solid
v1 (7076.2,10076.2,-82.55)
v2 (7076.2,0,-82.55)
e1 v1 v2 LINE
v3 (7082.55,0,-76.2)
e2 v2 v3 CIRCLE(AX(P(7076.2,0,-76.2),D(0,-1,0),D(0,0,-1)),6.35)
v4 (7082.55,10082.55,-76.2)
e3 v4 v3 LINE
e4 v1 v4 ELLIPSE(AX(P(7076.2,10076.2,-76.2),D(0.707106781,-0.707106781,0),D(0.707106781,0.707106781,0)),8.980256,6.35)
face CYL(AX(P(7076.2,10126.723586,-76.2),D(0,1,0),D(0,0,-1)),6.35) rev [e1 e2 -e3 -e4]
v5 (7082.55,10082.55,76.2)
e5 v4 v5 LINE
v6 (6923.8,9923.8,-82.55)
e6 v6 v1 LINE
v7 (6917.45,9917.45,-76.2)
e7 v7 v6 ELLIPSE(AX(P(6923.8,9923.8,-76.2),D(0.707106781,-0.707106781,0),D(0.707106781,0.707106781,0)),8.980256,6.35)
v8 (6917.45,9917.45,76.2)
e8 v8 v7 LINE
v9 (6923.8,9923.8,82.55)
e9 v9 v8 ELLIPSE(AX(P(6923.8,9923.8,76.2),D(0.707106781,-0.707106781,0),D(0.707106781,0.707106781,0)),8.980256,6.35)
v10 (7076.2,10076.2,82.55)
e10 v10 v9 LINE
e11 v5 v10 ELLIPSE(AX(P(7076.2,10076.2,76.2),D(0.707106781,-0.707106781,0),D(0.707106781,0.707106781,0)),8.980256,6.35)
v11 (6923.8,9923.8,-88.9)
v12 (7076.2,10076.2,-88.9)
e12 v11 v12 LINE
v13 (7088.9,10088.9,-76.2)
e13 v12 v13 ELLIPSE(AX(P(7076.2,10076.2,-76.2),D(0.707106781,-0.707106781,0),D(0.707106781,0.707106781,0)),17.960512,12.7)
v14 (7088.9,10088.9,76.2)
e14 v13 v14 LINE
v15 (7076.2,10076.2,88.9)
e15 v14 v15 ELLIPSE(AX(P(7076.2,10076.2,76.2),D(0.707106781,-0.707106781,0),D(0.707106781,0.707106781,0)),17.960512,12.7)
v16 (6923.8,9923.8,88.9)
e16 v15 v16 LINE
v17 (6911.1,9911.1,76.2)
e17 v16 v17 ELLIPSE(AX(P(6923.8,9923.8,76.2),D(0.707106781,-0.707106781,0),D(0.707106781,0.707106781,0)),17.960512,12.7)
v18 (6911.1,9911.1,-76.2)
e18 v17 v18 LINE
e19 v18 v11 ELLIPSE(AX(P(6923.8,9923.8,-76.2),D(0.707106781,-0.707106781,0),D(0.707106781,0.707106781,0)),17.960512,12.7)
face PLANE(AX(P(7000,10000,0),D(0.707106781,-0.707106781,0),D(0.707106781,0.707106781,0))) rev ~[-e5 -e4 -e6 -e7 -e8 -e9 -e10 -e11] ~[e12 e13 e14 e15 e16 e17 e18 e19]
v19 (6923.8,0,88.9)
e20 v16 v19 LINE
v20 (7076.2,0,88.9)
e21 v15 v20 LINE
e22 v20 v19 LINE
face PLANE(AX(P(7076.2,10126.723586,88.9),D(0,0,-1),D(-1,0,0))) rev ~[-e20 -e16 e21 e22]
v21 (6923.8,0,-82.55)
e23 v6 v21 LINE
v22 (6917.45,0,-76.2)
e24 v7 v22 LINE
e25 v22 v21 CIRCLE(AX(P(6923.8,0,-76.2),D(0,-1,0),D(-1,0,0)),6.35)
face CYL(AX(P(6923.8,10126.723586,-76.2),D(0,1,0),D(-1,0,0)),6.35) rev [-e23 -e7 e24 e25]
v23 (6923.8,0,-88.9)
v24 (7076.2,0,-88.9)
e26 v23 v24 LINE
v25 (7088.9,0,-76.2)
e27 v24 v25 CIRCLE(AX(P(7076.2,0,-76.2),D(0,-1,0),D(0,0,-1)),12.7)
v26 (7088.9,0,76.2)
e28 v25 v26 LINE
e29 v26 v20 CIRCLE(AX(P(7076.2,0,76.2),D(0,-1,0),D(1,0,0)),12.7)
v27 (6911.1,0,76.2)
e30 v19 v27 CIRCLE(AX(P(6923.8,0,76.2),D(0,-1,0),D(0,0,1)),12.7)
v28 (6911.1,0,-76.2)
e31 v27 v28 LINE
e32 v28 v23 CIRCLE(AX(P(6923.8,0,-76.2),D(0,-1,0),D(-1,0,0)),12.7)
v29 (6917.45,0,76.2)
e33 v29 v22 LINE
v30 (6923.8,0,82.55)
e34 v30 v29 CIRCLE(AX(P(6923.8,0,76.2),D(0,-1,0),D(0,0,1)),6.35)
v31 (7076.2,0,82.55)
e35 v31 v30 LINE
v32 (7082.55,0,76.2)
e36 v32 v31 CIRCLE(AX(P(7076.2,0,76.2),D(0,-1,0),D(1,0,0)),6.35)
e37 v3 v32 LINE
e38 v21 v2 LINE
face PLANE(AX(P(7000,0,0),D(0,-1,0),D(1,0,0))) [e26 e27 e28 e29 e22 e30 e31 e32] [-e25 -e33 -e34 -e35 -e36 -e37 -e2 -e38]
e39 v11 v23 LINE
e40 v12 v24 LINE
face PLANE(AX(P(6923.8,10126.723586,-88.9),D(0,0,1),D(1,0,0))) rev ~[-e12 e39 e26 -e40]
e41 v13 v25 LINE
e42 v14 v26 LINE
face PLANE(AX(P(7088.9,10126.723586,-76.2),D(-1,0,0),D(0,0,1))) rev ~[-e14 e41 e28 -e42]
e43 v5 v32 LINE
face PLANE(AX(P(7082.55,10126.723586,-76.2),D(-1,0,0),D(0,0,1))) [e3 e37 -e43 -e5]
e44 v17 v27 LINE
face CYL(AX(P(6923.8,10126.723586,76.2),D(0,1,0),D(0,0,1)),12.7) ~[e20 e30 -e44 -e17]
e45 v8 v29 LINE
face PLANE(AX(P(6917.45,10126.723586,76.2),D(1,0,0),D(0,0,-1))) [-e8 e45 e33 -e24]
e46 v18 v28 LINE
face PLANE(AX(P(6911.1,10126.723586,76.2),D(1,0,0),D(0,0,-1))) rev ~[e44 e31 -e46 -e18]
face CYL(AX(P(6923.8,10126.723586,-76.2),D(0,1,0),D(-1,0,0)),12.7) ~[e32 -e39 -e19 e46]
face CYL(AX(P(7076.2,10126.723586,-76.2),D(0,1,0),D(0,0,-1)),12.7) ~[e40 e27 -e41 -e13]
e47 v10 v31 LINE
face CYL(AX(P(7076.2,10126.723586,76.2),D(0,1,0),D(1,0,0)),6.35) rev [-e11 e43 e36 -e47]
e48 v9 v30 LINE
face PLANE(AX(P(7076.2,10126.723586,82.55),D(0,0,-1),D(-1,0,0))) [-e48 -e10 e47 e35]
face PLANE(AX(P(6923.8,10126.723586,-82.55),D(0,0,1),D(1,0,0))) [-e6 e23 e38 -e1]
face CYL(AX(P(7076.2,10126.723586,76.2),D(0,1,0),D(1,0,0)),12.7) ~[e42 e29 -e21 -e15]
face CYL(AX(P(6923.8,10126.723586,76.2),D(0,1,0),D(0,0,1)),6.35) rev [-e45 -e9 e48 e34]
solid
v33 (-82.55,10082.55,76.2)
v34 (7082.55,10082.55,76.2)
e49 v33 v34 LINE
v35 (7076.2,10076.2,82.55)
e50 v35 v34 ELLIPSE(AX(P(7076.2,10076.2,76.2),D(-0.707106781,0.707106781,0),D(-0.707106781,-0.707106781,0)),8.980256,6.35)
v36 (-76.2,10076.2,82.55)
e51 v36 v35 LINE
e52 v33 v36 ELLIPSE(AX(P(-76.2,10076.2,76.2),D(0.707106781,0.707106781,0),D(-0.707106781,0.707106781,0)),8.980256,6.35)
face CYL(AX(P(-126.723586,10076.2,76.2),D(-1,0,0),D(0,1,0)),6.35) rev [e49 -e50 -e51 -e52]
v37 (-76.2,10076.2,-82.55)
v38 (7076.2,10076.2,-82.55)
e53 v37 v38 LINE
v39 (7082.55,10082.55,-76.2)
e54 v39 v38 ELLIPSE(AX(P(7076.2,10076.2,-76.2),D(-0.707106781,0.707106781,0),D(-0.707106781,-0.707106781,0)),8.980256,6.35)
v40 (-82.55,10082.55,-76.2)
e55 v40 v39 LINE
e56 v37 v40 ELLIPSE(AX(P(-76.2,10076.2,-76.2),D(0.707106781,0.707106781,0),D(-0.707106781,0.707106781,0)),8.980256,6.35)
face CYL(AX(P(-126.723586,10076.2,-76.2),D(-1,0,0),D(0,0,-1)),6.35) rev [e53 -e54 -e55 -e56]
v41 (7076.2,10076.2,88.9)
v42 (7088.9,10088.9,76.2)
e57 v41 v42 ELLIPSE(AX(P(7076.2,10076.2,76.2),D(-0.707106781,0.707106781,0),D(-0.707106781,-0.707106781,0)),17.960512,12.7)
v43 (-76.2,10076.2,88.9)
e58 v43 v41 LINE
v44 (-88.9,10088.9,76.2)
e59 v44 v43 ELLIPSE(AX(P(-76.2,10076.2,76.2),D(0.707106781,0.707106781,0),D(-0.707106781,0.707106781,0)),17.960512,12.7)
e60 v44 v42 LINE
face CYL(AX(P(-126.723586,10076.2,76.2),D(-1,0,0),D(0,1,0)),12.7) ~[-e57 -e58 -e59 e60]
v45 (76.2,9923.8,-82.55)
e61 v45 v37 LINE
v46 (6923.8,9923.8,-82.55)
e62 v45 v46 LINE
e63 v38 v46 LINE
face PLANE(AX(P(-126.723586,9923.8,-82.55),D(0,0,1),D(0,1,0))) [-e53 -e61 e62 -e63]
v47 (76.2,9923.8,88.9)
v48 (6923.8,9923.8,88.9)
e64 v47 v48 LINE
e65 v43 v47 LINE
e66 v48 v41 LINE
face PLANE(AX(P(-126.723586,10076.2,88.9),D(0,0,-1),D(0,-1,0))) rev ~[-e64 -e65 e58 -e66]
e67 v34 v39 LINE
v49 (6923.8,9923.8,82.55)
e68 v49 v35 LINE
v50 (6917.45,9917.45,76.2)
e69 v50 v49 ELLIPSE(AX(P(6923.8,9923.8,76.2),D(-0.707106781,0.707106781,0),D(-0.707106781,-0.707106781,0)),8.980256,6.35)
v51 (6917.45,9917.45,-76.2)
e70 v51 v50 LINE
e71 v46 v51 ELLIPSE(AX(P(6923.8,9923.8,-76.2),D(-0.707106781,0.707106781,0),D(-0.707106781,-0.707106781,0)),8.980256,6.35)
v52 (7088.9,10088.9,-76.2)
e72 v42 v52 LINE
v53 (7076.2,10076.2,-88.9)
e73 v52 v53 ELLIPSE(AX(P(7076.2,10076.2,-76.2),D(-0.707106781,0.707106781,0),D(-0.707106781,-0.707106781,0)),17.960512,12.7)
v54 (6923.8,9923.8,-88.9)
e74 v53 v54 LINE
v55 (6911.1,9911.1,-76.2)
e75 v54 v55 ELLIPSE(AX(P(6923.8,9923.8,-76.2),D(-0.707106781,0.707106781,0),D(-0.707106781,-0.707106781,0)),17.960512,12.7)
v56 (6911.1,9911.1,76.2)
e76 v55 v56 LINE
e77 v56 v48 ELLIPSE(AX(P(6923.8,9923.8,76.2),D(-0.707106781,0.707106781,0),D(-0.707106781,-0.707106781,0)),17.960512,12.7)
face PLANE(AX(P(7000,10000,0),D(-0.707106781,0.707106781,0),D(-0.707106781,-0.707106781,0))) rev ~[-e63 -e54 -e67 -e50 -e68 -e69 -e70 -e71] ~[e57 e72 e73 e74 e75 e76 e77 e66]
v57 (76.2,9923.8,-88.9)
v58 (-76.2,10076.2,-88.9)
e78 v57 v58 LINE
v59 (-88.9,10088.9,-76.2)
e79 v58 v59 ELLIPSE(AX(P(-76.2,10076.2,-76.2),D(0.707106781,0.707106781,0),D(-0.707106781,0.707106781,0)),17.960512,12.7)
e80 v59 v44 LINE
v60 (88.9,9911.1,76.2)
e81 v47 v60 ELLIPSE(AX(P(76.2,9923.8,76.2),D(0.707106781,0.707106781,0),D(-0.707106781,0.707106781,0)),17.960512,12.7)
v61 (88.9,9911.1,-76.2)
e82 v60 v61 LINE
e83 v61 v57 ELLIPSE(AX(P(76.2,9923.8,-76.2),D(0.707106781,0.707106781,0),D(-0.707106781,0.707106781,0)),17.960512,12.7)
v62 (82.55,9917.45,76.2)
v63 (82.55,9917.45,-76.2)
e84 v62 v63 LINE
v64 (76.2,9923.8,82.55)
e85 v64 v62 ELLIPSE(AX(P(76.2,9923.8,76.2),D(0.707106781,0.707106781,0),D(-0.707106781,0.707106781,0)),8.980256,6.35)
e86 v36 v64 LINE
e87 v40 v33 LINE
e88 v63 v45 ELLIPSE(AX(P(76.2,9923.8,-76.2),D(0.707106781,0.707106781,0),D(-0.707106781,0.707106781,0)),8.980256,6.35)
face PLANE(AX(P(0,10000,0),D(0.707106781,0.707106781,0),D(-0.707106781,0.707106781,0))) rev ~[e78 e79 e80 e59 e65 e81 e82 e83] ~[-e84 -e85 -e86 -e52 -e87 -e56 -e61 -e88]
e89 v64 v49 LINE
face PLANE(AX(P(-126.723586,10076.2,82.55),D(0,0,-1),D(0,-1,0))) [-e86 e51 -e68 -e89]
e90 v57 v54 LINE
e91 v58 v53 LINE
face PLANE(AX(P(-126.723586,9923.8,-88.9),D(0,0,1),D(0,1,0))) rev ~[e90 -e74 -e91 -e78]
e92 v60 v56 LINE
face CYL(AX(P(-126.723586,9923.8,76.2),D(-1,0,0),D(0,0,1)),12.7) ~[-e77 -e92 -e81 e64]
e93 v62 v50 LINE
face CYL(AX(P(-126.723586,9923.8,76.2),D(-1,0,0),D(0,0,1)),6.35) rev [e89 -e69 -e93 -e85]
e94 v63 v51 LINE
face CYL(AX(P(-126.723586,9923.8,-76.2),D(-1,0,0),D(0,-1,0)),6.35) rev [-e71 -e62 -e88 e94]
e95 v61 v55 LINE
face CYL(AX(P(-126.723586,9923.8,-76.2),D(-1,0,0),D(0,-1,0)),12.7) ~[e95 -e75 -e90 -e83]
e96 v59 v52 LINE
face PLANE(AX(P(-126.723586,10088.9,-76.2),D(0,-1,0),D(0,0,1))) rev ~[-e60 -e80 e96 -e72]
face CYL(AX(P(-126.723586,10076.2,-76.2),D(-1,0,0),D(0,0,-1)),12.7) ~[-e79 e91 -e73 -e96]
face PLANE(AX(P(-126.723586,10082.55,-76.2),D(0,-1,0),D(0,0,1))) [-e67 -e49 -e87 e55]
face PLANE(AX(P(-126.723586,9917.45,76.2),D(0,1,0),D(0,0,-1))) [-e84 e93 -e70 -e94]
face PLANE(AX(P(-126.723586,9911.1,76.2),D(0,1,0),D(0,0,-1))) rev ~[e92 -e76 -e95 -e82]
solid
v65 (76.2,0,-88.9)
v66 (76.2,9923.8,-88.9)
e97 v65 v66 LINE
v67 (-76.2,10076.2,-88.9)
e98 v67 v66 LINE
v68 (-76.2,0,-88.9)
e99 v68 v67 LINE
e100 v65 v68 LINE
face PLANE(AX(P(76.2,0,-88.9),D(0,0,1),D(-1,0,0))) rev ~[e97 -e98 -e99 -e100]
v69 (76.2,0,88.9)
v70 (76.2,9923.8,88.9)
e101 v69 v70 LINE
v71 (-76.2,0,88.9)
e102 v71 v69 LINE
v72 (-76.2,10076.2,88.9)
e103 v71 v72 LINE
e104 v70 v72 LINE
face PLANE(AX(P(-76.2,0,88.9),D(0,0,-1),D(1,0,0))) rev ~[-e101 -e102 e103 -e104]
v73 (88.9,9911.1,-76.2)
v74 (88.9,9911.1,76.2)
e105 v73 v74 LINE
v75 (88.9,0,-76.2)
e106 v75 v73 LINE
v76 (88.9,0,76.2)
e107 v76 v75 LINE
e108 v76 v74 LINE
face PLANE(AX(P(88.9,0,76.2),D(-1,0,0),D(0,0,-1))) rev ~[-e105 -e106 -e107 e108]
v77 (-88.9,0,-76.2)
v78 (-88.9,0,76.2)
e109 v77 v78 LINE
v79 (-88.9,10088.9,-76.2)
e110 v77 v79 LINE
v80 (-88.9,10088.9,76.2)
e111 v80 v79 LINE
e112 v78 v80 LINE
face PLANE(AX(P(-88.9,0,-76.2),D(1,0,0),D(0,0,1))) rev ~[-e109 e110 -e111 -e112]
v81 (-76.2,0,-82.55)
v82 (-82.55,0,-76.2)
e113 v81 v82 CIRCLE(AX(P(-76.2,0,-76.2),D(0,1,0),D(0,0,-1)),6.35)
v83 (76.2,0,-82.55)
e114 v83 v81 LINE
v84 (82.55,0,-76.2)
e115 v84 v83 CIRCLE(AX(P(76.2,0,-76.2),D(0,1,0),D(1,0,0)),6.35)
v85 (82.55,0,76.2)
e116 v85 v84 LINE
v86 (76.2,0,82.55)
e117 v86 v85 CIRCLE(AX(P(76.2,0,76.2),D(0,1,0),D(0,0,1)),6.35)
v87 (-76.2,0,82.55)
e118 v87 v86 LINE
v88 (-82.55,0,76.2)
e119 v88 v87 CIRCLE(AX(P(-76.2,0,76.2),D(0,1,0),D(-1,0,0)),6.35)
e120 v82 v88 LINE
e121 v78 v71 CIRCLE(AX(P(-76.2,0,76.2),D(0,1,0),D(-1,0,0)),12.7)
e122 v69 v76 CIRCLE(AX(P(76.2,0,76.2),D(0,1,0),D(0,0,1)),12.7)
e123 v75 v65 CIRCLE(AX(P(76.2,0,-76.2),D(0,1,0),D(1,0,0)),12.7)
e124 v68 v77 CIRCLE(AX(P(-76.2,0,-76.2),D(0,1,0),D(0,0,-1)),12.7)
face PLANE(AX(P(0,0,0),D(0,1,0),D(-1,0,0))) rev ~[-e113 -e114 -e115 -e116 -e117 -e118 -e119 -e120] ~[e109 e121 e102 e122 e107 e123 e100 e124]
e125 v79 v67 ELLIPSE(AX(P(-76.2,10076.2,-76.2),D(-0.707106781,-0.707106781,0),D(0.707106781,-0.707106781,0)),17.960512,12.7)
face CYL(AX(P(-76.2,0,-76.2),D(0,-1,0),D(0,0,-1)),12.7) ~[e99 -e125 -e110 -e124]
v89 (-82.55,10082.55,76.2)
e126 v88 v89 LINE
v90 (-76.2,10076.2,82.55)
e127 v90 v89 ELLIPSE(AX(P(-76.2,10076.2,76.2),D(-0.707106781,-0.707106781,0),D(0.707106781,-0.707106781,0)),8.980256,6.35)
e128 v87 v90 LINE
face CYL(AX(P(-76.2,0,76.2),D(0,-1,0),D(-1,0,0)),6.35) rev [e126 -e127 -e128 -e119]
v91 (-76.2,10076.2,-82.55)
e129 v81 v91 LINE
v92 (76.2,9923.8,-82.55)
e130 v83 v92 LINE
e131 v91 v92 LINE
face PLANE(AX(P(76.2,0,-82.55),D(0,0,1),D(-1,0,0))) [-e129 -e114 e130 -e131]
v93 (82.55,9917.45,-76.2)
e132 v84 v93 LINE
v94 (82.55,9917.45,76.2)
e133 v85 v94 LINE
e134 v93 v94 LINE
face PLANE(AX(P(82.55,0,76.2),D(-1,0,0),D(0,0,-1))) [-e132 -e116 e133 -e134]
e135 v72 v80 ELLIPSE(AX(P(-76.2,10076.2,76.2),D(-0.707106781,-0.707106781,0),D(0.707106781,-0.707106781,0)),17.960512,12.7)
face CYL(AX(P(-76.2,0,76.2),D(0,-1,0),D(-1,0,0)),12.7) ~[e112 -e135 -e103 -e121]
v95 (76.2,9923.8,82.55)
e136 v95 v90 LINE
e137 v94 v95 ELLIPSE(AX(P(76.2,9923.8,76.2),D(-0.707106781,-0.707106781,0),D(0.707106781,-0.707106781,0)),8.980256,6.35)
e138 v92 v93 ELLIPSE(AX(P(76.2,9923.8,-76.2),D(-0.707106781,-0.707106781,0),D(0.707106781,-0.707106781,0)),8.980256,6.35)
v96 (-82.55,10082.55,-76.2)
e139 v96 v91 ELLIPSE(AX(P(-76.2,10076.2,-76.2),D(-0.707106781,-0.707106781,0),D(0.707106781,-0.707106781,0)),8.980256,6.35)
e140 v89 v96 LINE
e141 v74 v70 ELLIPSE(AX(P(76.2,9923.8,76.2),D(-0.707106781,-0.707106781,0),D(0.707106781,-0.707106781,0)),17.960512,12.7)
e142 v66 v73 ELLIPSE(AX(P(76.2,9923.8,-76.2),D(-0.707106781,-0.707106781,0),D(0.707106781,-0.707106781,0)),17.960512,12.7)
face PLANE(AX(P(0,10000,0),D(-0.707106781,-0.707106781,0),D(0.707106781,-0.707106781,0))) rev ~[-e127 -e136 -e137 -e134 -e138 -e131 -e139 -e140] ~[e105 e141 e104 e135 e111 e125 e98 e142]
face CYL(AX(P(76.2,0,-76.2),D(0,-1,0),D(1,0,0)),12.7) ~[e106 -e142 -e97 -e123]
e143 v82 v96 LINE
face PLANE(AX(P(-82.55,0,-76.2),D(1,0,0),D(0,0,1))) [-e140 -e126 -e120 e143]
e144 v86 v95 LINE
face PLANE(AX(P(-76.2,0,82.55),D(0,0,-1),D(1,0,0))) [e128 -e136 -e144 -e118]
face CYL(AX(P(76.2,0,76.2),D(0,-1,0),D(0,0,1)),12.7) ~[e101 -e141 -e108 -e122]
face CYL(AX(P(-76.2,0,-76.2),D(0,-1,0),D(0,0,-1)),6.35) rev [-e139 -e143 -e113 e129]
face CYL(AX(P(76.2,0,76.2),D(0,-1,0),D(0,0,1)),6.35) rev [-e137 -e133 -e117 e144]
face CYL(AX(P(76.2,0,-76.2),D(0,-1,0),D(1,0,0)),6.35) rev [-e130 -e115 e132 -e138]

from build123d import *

# Parameters (mm, degrees)
TUBE_SQUARE_TS7X7X0_25_1_DEPTH   = 10126.723585695
TUBE_SQUARE_TS7X7X0_25_1_2_DEPTH = 7253.44717139
TUBE_SQUARE_TS7X7X0_25_1_3_DEPTH = 10126.723585696


with BuildPart() as part:
    # Sketch11 → Tube square TS7X7X0.25(1) (new body)
    with BuildSketch(Plane(origin=(0, 0, 0), x_dir=(-1, 0, 0), z_dir=(0, 1, 0))):
        with BuildLine():
            Line((-76.2, -88.9), (76.2, -88.9))
            ThreePointArc((76.2, -88.9), (85.180256121, -85.180256121), (88.9, -76.2))
            Line((88.9, -76.2), (88.9, 76.2))
            ThreePointArc((88.9, 76.2), (85.180256121, 85.180256121), (76.2, 88.9))
            Line((76.2, 88.9), (-76.2, 88.9))
            ThreePointArc((-76.2, 88.9), (-85.180256121, 85.180256121), (-88.9, 76.2))
            Line((-88.9, 76.2), (-88.9, -76.2))
            ThreePointArc((-88.9, -76.2), (-85.180256121, -85.180256121), (-76.2, -88.9))
        make_face()
        with BuildLine():
            Line((-76.2, -82.55), (76.2, -82.55))
            ThreePointArc((76.2, -82.55), (80.690128061, -80.690128061), (82.55, -76.2))
            Line((82.55, -76.2), (82.55, 76.2))
            ThreePointArc((82.55, 76.2), (80.690128061, 80.690128061), (76.2, 82.55))
            Line((76.2, 82.55), (-76.2, 82.55))
            ThreePointArc((-76.2, 82.55), (-80.690128061, 80.690128061), (-82.55, 76.2))
            Line((-82.55, 76.2), (-82.55, -76.2))
            ThreePointArc((-82.55, -76.2), (-80.690128061, -80.690128061), (-76.2, -82.55))
        make_face(mode=Mode.SUBTRACT)
    extrude(amount=TUBE_SQUARE_TS7X7X0_25_1_DEPTH)

    # Tube square TS7X7X0.25(1) mitre 1
    split(bisect_by=Plane(origin=(0, 10000, 0), x_dir=(0.707106781, -0.707106781, 0), z_dir=(-0.707106781, -0.707106781, 0)), keep=Keep.TOP)


with BuildPart() as body_2:
    # Sketch11 on segment 2 (carried to segment 2) → Tube square TS7X7X0.25_1 2 (new body)
    with BuildSketch(Plane(origin=(-126.723585695, 10000, 0), x_dir=(0, 1, 0), z_dir=(1, 0, 0))):
        with BuildLine():
            Line((-76.2, -88.9), (76.2, -88.9))
            ThreePointArc((76.2, -88.9), (85.180256121, -85.180256121), (88.9, -76.2))
            Line((88.9, -76.2), (88.9, 76.2))
            ThreePointArc((88.9, 76.2), (85.180256121, 85.180256121), (76.2, 88.9))
            Line((76.2, 88.9), (-76.2, 88.9))
            ThreePointArc((-76.2, 88.9), (-85.180256121, 85.180256121), (-88.9, 76.2))
            Line((-88.9, 76.2), (-88.9, -76.2))
            ThreePointArc((-88.9, -76.2), (-85.180256121, -85.180256121), (-76.2, -88.9))
        make_face()
        with BuildLine():
            Line((-76.2, -82.55), (76.2, -82.55))
            ThreePointArc((76.2, -82.55), (80.690128061, -80.690128061), (82.55, -76.2))
            Line((82.55, -76.2), (82.55, 76.2))
            ThreePointArc((82.55, 76.2), (80.690128061, 80.690128061), (76.2, 82.55))
            Line((76.2, 82.55), (-76.2, 82.55))
            ThreePointArc((-76.2, 82.55), (-80.690128061, 80.690128061), (-82.55, 76.2))
            Line((-82.55, 76.2), (-82.55, -76.2))
            ThreePointArc((-82.55, -76.2), (-80.690128061, -80.690128061), (-76.2, -82.55))
        make_face(mode=Mode.SUBTRACT)
    extrude(amount=TUBE_SQUARE_TS7X7X0_25_1_2_DEPTH)

    # Tube square TS7X7X0.25_1 2 mitre 1
    split(bisect_by=Plane(origin=(0, 10000, 0), x_dir=(-0.707106781, 0.707106781, 0), z_dir=(0.707106781, 0.707106781, 0)), keep=Keep.TOP)

    # Tube square TS7X7X0.25_1 2 mitre 2
    split(bisect_by=Plane(origin=(7000, 10000, 0), x_dir=(-0.707106781, -0.707106781, 0), z_dir=(-0.707106781, 0.707106781, 0)), keep=Keep.TOP)


with BuildPart() as body_3:
    # Sketch11 on segment 3 (carried to segment 3) → Tube square TS7X7X0.25_1 3 (new body)
    with BuildSketch(Plane(origin=(7000, 10126.723585695, 0), x_dir=(1, 0, 0), z_dir=(0, -1, 0))):
        with BuildLine():
            Line((-76.2, -88.9), (76.2, -88.9))
            ThreePointArc((76.2, -88.9), (85.180256121, -85.180256121), (88.9, -76.2))
            Line((88.9, -76.2), (88.9, 76.2))
            ThreePointArc((88.9, 76.2), (85.180256121, 85.180256121), (76.2, 88.9))
            Line((76.2, 88.9), (-76.2, 88.9))
            ThreePointArc((-76.2, 88.9), (-85.180256121, 85.180256121), (-88.9, 76.2))
            Line((-88.9, 76.2), (-88.9, -76.2))
            ThreePointArc((-88.9, -76.2), (-85.180256121, -85.180256121), (-76.2, -88.9))
        make_face()
        with BuildLine():
            Line((-76.2, -82.55), (76.2, -82.55))
            ThreePointArc((76.2, -82.55), (80.690128061, -80.690128061), (82.55, -76.2))
            Line((82.55, -76.2), (82.55, 76.2))
            ThreePointArc((82.55, 76.2), (80.690128061, 80.690128061), (76.2, 82.55))
            Line((76.2, 82.55), (-76.2, 82.55))
            ThreePointArc((-76.2, 82.55), (-80.690128061, 80.690128061), (-82.55, 76.2))
            Line((-82.55, 76.2), (-82.55, -76.2))
            ThreePointArc((-82.55, -76.2), (-80.690128061, -80.690128061), (-76.2, -82.55))
        make_face(mode=Mode.SUBTRACT)
    extrude(amount=TUBE_SQUARE_TS7X7X0_25_1_3_DEPTH)

    # Tube square TS7X7X0.25_1 3 mitre 1
    split(bisect_by=Plane(origin=(7000, 10000, 0), x_dir=(0.707106781, 0.707106781, 0), z_dir=(0.707106781, -0.707106781, 0)), keep=Keep.TOP)


solid = Compound([part.part, body_2.part, body_3.part])
